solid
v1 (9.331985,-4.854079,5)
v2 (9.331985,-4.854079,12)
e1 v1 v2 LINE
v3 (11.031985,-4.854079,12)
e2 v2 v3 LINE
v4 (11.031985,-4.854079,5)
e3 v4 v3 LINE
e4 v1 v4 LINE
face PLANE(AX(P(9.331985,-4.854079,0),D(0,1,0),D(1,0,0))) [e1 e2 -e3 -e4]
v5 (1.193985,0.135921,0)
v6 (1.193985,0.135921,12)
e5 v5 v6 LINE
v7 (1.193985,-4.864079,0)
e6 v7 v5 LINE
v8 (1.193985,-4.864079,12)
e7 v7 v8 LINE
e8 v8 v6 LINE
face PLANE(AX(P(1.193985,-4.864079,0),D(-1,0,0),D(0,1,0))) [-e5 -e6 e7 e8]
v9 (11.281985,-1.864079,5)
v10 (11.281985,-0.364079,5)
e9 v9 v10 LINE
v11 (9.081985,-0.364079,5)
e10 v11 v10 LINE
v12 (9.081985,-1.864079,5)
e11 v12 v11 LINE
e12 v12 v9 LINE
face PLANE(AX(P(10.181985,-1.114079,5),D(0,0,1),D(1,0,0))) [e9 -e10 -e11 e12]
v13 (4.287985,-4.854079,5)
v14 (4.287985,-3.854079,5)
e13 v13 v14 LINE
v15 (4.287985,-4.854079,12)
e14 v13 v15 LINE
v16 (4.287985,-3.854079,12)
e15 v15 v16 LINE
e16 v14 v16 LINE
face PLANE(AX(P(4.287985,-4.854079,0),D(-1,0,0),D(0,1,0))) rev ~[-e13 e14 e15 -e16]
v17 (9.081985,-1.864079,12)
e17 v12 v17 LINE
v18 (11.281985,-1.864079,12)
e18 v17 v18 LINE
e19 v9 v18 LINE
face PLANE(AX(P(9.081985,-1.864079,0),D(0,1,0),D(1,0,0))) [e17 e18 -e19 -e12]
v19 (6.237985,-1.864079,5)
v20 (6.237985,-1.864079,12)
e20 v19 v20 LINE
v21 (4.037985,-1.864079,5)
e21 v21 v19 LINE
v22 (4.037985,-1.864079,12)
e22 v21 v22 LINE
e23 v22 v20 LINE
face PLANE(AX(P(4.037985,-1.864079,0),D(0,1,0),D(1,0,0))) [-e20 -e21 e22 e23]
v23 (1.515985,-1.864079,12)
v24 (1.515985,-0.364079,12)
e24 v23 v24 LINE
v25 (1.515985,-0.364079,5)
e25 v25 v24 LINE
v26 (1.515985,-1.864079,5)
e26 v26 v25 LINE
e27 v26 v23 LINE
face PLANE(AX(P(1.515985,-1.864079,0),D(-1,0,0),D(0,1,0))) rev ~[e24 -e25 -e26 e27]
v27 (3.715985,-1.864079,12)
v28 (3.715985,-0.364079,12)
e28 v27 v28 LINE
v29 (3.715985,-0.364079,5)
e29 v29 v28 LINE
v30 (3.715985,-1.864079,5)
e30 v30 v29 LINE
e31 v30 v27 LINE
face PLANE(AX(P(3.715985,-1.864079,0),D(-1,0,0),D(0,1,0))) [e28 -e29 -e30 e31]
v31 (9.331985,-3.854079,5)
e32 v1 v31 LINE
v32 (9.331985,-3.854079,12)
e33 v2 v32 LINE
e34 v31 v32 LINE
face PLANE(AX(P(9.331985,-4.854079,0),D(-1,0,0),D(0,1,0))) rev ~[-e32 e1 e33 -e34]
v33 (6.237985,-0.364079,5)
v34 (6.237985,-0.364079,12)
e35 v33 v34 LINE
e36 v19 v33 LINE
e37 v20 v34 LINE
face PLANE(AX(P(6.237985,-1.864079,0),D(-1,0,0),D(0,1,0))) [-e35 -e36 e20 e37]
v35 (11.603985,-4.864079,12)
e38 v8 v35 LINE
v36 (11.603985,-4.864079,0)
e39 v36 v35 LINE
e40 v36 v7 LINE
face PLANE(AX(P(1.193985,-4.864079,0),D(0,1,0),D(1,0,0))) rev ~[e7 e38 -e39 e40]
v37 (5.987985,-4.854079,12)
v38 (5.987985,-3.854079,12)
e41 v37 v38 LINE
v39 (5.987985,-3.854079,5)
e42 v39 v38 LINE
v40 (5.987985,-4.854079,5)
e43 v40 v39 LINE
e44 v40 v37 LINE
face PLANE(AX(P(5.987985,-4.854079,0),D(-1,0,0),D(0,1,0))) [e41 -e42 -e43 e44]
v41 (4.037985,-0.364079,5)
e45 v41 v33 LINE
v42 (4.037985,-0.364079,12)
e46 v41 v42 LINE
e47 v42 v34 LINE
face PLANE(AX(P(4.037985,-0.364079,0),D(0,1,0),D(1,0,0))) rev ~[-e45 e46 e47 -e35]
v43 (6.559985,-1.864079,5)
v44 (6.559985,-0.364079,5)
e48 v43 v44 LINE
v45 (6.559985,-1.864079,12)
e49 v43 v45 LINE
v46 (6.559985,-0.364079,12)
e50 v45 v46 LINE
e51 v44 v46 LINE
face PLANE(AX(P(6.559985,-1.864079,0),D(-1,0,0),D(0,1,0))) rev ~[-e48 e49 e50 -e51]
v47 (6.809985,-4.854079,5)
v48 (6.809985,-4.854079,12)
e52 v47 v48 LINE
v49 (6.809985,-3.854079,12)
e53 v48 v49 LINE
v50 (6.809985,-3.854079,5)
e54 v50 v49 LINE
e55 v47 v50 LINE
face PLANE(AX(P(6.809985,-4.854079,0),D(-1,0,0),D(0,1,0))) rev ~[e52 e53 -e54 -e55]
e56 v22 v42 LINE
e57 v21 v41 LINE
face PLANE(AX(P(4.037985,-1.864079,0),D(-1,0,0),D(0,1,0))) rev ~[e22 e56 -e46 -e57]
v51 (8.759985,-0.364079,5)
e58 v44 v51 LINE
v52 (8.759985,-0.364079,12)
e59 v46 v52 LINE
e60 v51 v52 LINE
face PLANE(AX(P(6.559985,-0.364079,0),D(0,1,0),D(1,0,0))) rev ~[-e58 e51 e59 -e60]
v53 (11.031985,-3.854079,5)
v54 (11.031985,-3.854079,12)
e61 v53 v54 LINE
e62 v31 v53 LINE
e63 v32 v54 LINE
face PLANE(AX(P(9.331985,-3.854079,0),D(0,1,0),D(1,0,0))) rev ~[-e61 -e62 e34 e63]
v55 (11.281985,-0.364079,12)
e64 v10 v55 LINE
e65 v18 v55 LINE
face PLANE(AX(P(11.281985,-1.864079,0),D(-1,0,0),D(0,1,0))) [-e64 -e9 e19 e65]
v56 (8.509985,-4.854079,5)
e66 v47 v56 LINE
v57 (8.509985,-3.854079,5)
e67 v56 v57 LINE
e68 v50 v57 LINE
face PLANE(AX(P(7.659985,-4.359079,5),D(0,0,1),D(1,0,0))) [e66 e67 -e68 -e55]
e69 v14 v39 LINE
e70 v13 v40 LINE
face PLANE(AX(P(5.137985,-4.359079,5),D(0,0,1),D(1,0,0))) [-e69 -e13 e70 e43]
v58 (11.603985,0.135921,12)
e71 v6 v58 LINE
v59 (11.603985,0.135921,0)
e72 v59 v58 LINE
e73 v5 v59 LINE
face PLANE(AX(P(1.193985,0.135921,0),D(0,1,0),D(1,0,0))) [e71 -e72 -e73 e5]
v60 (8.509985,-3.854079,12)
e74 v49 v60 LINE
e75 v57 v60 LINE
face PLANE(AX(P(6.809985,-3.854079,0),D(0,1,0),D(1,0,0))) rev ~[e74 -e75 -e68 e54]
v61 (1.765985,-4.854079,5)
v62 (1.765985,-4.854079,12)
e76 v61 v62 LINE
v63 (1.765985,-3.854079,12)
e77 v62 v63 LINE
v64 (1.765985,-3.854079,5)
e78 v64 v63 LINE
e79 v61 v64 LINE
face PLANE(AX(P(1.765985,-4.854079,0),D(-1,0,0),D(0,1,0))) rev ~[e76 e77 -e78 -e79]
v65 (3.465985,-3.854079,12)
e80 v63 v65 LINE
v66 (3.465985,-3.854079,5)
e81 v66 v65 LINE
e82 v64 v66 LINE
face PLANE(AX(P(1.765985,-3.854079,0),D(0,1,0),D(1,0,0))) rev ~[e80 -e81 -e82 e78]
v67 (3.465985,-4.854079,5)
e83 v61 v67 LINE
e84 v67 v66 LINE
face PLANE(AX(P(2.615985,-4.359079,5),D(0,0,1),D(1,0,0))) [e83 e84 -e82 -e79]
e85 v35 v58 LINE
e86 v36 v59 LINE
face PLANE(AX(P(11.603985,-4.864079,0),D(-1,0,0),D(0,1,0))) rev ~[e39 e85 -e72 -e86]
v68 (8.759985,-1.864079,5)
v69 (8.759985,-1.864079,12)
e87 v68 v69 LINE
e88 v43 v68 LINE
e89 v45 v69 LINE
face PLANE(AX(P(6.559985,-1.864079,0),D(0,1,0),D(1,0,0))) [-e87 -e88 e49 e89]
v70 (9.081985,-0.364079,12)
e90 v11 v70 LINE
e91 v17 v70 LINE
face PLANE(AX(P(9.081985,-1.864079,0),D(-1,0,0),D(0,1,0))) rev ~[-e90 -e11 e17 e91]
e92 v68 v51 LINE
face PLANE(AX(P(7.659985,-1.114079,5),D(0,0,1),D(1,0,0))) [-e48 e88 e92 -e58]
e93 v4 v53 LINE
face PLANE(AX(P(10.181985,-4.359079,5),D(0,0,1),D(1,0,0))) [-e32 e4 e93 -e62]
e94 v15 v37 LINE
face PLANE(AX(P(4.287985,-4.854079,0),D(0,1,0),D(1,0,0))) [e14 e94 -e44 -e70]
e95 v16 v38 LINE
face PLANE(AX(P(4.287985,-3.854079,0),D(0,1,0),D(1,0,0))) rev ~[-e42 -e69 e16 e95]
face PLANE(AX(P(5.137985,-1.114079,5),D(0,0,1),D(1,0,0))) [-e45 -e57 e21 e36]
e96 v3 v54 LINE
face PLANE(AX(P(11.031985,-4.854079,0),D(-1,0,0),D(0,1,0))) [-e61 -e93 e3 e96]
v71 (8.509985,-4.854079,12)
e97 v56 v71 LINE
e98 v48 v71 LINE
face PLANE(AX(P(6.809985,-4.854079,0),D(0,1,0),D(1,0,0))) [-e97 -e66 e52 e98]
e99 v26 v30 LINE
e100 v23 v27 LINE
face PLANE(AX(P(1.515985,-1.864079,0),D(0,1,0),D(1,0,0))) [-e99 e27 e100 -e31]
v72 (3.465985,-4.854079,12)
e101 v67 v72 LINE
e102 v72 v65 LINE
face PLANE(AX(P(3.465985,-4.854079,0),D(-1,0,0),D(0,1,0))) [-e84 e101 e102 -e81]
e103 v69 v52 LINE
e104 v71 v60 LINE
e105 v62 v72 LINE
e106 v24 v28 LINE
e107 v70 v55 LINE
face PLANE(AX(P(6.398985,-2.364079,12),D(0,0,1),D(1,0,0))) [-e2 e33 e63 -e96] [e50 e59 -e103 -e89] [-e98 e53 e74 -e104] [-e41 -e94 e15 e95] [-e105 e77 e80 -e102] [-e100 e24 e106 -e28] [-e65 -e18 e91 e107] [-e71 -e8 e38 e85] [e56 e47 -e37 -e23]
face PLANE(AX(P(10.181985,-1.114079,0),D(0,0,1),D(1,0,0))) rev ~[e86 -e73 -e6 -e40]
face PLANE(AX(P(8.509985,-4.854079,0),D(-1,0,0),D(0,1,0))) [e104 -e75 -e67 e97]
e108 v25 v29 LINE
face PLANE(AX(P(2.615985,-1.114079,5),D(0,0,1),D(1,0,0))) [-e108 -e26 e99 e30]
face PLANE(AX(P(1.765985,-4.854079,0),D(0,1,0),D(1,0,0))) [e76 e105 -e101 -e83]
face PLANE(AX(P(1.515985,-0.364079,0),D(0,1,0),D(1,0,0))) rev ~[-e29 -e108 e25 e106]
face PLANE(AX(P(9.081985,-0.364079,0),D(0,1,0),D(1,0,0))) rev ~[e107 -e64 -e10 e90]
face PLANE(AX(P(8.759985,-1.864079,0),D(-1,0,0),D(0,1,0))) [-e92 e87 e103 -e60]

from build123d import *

# Parameters (mm, degrees)
SKETCH2_W            = 10.41
SKETCH2_H            = 5
SKETCH2_W_2          = 1.7
SKETCH2_H_2          = 1
SKETCH2_W_3          = 2.2
SKETCH2_H_3          = 1.5
BOSS_EXTRUDE1_DEPTH  = 12
SKETCH3_W            = 2.2
SKETCH3_H            = 1.5
SKETCH3_W_2          = 1.7
SKETCH3_H_2          = 1.01
BOSS_EXTRUDE10_DEPTH = 5


with BuildPart() as part:
    # Sketch2 → Boss-Extrude1 (new body)
    with BuildSketch(Plane.XY):
        with Locations((6.39898523, -2.364078969)):
            Rectangle(SKETCH2_W, SKETCH2_H)
        with Locations((10.18198523, -4.354078969)):
            Rectangle(SKETCH2_W_2, SKETCH2_H_2, mode=Mode.SUBTRACT)
        with Locations((2.61598523, -4.354078969)):
            Rectangle(SKETCH2_W_2, SKETCH2_H_2, mode=Mode.SUBTRACT)
        with Locations((10.18198523, -1.114078969)):
            Rectangle(SKETCH2_W_3, SKETCH2_H_3, mode=Mode.SUBTRACT)
        with Locations((2.61598523, -1.114078969)):
            Rectangle(SKETCH2_W_3, SKETCH2_H_3, mode=Mode.SUBTRACT)
        with Locations((7.65998523, -1.114078969)):
            Rectangle(SKETCH2_W_3, SKETCH2_H_3, mode=Mode.SUBTRACT)
        with Locations((5.13798523, -1.114078969)):
            Rectangle(SKETCH2_W_3, SKETCH2_H_3, mode=Mode.SUBTRACT)
        with Locations((5.13798523, -4.354078969)):
            Rectangle(SKETCH2_W_2, SKETCH2_H_2, mode=Mode.SUBTRACT)
        with Locations((7.65998523, -4.354078969)):
            Rectangle(SKETCH2_W_2, SKETCH2_H_2, mode=Mode.SUBTRACT)
    extrude(amount=BOSS_EXTRUDE1_DEPTH)

    # Sketch3 → Boss-Extrude10 (add)
    with BuildSketch(Plane.XY):
        with Locations((10.18198523, -1.114078969)):
            Rectangle(SKETCH3_W, SKETCH3_H)
        with Locations((7.65998523, -1.114078969)):
            Rectangle(SKETCH3_W, SKETCH3_H)
        with Locations((5.13798523, -1.114078969)):
            Rectangle(SKETCH3_W, SKETCH3_H)
        with Locations((2.61598523, -1.114078969)):
            Rectangle(SKETCH3_W, SKETCH3_H)
        with Locations((5.13798523, -4.359078969)):
            Rectangle(SKETCH3_W_2, SKETCH3_H_2)
        with Locations((2.61598523, -4.359078969)):
            Rectangle(SKETCH3_W_2, SKETCH3_H_2)
        with Locations((7.65998523, -4.359078969)):
            Rectangle(SKETCH3_W_2, SKETCH3_H_2)
        with Locations((10.18198523, -4.359078969)):
            Rectangle(SKETCH3_W_2, SKETCH3_H_2)
    extrude(amount=BOSS_EXTRUDE10_DEPTH)


solid = part.part
